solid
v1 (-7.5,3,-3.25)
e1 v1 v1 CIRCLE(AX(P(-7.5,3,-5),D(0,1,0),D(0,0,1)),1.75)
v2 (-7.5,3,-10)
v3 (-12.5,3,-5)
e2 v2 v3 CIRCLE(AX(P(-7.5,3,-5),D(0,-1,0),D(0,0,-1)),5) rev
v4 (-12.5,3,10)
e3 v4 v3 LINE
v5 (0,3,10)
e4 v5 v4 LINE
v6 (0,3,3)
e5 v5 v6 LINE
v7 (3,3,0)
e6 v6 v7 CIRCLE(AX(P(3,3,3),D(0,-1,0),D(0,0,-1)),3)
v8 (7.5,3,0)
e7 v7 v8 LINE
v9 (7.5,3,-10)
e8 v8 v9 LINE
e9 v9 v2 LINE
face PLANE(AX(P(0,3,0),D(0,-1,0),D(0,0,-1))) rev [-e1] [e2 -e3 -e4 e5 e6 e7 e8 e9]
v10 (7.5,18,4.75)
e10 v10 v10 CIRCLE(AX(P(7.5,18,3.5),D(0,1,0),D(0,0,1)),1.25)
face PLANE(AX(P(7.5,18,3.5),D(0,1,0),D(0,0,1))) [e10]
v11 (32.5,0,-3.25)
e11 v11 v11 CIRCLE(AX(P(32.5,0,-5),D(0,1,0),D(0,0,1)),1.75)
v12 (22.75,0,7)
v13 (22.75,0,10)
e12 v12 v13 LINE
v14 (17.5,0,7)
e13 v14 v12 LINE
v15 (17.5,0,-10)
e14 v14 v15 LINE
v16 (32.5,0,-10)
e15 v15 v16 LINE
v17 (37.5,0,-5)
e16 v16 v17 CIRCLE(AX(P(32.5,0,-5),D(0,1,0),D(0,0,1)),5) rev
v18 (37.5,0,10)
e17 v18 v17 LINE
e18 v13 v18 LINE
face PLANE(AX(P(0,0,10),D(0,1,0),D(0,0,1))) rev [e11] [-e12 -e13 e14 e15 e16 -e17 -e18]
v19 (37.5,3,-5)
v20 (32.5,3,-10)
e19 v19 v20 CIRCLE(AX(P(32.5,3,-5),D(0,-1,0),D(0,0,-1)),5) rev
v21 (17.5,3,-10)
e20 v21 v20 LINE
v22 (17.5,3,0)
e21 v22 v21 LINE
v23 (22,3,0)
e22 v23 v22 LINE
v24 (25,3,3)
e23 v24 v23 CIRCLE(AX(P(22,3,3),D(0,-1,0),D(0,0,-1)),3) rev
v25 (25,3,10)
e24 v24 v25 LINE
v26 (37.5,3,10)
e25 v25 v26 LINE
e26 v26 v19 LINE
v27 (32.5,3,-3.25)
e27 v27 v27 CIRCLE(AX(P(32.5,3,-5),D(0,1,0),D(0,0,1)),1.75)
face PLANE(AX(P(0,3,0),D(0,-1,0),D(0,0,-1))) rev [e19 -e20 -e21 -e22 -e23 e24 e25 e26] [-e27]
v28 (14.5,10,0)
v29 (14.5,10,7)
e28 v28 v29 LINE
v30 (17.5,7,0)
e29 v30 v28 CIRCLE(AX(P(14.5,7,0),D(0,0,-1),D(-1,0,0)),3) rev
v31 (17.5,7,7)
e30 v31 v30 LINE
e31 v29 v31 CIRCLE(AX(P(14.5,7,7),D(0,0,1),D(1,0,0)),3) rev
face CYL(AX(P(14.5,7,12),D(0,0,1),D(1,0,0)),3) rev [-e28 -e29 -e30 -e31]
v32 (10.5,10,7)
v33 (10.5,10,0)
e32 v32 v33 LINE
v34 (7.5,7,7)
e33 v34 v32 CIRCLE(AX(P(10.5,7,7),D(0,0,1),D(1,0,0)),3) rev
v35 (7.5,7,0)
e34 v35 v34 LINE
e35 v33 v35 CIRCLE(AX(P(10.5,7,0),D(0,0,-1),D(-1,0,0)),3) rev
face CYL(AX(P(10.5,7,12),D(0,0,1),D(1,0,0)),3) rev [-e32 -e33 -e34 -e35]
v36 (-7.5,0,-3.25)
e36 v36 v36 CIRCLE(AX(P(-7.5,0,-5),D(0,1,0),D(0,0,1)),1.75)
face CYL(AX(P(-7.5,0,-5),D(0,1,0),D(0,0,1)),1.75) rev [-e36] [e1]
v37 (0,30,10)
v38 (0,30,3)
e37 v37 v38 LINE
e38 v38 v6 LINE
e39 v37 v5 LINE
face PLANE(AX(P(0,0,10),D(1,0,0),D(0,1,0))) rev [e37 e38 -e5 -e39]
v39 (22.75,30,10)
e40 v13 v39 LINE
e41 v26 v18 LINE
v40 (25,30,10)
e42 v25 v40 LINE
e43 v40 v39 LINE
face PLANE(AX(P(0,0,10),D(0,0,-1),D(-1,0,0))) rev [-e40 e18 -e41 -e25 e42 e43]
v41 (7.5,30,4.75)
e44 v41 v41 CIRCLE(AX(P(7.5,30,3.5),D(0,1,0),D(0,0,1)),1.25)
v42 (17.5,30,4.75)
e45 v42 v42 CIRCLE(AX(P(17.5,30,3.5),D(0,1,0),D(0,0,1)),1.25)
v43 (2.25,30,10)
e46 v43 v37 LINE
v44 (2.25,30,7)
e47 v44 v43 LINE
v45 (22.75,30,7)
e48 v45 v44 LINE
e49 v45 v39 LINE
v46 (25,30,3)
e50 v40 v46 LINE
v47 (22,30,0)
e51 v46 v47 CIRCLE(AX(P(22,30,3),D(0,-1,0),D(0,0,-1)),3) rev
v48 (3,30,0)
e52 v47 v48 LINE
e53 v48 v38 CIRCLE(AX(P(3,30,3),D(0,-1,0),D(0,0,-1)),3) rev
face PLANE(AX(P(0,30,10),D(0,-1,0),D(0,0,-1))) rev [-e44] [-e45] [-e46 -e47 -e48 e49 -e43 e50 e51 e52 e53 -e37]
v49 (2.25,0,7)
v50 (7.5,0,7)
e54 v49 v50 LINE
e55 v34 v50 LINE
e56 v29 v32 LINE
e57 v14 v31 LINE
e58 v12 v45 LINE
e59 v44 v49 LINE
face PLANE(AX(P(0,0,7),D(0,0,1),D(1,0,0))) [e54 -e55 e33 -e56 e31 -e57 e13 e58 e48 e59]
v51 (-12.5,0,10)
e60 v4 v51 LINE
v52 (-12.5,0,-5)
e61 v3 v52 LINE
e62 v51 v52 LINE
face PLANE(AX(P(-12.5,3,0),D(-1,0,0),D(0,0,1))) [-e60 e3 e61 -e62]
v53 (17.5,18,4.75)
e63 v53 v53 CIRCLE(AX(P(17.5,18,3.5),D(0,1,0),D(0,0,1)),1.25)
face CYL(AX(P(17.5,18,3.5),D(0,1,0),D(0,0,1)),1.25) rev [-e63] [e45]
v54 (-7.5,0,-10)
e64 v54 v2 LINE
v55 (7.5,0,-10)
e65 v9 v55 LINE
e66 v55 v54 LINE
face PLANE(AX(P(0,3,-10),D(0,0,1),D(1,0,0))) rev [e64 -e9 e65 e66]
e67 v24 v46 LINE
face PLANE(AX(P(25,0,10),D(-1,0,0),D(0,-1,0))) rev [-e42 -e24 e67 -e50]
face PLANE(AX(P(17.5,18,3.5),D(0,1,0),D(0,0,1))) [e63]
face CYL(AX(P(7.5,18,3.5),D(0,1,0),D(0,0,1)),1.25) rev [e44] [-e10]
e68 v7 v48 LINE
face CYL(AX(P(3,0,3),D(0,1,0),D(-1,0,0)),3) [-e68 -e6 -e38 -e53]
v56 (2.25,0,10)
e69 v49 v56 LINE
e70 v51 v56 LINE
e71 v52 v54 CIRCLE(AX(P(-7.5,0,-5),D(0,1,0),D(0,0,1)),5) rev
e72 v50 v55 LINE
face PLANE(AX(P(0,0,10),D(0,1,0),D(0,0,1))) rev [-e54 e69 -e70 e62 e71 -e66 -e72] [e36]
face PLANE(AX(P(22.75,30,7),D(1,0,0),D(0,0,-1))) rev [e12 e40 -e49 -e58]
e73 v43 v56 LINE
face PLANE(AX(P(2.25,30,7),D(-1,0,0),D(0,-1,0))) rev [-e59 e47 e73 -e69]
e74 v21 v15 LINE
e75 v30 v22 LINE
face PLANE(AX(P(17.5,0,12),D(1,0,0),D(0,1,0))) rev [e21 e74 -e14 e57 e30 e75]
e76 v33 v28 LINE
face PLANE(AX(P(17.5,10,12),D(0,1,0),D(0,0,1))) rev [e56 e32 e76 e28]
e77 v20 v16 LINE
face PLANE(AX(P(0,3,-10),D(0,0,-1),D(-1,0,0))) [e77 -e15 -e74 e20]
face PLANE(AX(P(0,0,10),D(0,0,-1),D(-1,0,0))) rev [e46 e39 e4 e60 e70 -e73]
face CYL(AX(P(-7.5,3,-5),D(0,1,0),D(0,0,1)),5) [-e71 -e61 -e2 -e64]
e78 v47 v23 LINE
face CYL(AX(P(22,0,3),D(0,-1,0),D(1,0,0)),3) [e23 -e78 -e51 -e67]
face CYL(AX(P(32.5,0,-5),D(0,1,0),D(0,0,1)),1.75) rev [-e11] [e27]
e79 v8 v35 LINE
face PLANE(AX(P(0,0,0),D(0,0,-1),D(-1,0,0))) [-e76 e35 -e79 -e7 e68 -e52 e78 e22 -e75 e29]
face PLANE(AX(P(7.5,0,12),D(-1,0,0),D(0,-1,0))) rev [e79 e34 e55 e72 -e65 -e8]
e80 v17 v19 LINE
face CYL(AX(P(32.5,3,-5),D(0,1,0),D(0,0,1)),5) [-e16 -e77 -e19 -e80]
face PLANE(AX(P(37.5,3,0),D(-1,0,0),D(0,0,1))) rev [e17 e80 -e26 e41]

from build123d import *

# Parameters (mm, degrees)
SKETCH_1_W          = 25
SKETCH_1_H          = 30
EXTRUDE_1_DEPTH     = 10
SKETCH_2_W          = 20.5
SKETCH_2_H          = 30
CUT_EXTRUDE_1_DEPTH = 3
SKETCH_3_R          = 1.25
CUT_EXTRUDE_2_DEPTH = 12
SKETCH_5_W          = 10
SKETCH_5_H          = 10
CUT_EXTRUDE_4_DEPTH = 12
FILLET_1_R          = 3
EXTRUDE_2_DEPTH     = 3
FILLET_2_R          = 5
SKETCH_7_R          = 1.75
CUT_EXTRUDE_5_DEPTH = 3


with BuildPart() as part:
    # 스케치1 → 보스-돌출1 (new body)
    with BuildSketch(Plane.XY):
        with Locations((12.5, 15)):
            Rectangle(SKETCH_1_W, SKETCH_1_H)
    extrude(amount=EXTRUDE_1_DEPTH)

    # 스케치2 → 컷-돌출1 (cut)
    with BuildSketch(Plane.XY.offset(10)):
        with Locations((12.5, 15)):
            Rectangle(SKETCH_2_W, SKETCH_2_H)
    extrude(amount=-CUT_EXTRUDE_1_DEPTH, mode=Mode.SUBTRACT)

    # 스케치3 → 컷-돌출2 (cut)
    with BuildSketch(Plane(origin=(0, 30, 0), x_dir=(1, 0, 0), z_dir=(0, 1, 0))):
        with Locations(Location((7.5, -3.5, 0), (0, 0, 270))):
            Circle(SKETCH_3_R)
        with Locations(Location((17.5, -3.5, 0), (0, 0, 270))):
            Circle(SKETCH_3_R)
    extrude(amount=-CUT_EXTRUDE_2_DEPTH, mode=Mode.SUBTRACT)

    # 스케치5 → 컷-돌출4 (cut)
    with BuildSketch(Plane(origin=(0, 0, 0), x_dir=(-1, 0, 0), z_dir=(0, 0, -1))):
        with Locations((-12.5, 5)):
            Rectangle(SKETCH_5_W, SKETCH_5_H)
    extrude(amount=-CUT_EXTRUDE_4_DEPTH, mode=Mode.SUBTRACT)

    # 필렛1
    fillet_1_edges = [part.edges().sort_by_distance(p)[0] for p in [
        (17.5, 10, 3.5),
        (7.5, 10, 3.5),
        (25, 15, 0),
        (0, 15, 0),
    ]]
    fillet(fillet_1_edges, radius=FILLET_1_R)

    # 스케치6 → 보스-돌출2 (add)
    with BuildSketch(Plane.XZ):
        Polygon((22.75, 10), (37.5, 10), (37.5, -10), (17.5, -10), (17.5, 7), (22.75, 7), align=None)
        with BuildLine():
            Line((7.5, -10), (7.5, 0))
            Line((7.5, 0), (3, 0))
            ThreePointArc((3, 0), (0.878679656, 0.878679656), (0, 3))
            Line((0, 3), (0, 10))
            Line((0, 10), (-12.5, 10))
            Line((-12.5, 10), (-12.5, -10))
            Line((-12.5, -10), (-3.976787784, -10))
            Line((-3.976787784, -10), (7.5, -10))
        make_face()
    extrude(amount=-EXTRUDE_2_DEPTH)

    # 필렛2
    fillet_2_edges = [part.edges().sort_by_distance(p)[0] for p in [
        (-12.5, 1.5, -10),
        (37.5, 1.5, -10),
    ]]
    fillet(fillet_2_edges, radius=FILLET_2_R)

    # 스케치7 → 컷-돌출5 (cut)
    with BuildSketch(Plane(origin=(0, 3, 0), x_dir=(1, 0, 0), z_dir=(0, 1, 0))):
        with Locations(Location((32.5, 5, 0), (0, 0, 270))):
            Circle(SKETCH_7_R)
        with Locations(Location((-7.5, 5, 0), (0, 0, 270))):
            Circle(SKETCH_7_R)
    extrude(amount=-CUT_EXTRUDE_5_DEPTH, mode=Mode.SUBTRACT)


solid = part.part
